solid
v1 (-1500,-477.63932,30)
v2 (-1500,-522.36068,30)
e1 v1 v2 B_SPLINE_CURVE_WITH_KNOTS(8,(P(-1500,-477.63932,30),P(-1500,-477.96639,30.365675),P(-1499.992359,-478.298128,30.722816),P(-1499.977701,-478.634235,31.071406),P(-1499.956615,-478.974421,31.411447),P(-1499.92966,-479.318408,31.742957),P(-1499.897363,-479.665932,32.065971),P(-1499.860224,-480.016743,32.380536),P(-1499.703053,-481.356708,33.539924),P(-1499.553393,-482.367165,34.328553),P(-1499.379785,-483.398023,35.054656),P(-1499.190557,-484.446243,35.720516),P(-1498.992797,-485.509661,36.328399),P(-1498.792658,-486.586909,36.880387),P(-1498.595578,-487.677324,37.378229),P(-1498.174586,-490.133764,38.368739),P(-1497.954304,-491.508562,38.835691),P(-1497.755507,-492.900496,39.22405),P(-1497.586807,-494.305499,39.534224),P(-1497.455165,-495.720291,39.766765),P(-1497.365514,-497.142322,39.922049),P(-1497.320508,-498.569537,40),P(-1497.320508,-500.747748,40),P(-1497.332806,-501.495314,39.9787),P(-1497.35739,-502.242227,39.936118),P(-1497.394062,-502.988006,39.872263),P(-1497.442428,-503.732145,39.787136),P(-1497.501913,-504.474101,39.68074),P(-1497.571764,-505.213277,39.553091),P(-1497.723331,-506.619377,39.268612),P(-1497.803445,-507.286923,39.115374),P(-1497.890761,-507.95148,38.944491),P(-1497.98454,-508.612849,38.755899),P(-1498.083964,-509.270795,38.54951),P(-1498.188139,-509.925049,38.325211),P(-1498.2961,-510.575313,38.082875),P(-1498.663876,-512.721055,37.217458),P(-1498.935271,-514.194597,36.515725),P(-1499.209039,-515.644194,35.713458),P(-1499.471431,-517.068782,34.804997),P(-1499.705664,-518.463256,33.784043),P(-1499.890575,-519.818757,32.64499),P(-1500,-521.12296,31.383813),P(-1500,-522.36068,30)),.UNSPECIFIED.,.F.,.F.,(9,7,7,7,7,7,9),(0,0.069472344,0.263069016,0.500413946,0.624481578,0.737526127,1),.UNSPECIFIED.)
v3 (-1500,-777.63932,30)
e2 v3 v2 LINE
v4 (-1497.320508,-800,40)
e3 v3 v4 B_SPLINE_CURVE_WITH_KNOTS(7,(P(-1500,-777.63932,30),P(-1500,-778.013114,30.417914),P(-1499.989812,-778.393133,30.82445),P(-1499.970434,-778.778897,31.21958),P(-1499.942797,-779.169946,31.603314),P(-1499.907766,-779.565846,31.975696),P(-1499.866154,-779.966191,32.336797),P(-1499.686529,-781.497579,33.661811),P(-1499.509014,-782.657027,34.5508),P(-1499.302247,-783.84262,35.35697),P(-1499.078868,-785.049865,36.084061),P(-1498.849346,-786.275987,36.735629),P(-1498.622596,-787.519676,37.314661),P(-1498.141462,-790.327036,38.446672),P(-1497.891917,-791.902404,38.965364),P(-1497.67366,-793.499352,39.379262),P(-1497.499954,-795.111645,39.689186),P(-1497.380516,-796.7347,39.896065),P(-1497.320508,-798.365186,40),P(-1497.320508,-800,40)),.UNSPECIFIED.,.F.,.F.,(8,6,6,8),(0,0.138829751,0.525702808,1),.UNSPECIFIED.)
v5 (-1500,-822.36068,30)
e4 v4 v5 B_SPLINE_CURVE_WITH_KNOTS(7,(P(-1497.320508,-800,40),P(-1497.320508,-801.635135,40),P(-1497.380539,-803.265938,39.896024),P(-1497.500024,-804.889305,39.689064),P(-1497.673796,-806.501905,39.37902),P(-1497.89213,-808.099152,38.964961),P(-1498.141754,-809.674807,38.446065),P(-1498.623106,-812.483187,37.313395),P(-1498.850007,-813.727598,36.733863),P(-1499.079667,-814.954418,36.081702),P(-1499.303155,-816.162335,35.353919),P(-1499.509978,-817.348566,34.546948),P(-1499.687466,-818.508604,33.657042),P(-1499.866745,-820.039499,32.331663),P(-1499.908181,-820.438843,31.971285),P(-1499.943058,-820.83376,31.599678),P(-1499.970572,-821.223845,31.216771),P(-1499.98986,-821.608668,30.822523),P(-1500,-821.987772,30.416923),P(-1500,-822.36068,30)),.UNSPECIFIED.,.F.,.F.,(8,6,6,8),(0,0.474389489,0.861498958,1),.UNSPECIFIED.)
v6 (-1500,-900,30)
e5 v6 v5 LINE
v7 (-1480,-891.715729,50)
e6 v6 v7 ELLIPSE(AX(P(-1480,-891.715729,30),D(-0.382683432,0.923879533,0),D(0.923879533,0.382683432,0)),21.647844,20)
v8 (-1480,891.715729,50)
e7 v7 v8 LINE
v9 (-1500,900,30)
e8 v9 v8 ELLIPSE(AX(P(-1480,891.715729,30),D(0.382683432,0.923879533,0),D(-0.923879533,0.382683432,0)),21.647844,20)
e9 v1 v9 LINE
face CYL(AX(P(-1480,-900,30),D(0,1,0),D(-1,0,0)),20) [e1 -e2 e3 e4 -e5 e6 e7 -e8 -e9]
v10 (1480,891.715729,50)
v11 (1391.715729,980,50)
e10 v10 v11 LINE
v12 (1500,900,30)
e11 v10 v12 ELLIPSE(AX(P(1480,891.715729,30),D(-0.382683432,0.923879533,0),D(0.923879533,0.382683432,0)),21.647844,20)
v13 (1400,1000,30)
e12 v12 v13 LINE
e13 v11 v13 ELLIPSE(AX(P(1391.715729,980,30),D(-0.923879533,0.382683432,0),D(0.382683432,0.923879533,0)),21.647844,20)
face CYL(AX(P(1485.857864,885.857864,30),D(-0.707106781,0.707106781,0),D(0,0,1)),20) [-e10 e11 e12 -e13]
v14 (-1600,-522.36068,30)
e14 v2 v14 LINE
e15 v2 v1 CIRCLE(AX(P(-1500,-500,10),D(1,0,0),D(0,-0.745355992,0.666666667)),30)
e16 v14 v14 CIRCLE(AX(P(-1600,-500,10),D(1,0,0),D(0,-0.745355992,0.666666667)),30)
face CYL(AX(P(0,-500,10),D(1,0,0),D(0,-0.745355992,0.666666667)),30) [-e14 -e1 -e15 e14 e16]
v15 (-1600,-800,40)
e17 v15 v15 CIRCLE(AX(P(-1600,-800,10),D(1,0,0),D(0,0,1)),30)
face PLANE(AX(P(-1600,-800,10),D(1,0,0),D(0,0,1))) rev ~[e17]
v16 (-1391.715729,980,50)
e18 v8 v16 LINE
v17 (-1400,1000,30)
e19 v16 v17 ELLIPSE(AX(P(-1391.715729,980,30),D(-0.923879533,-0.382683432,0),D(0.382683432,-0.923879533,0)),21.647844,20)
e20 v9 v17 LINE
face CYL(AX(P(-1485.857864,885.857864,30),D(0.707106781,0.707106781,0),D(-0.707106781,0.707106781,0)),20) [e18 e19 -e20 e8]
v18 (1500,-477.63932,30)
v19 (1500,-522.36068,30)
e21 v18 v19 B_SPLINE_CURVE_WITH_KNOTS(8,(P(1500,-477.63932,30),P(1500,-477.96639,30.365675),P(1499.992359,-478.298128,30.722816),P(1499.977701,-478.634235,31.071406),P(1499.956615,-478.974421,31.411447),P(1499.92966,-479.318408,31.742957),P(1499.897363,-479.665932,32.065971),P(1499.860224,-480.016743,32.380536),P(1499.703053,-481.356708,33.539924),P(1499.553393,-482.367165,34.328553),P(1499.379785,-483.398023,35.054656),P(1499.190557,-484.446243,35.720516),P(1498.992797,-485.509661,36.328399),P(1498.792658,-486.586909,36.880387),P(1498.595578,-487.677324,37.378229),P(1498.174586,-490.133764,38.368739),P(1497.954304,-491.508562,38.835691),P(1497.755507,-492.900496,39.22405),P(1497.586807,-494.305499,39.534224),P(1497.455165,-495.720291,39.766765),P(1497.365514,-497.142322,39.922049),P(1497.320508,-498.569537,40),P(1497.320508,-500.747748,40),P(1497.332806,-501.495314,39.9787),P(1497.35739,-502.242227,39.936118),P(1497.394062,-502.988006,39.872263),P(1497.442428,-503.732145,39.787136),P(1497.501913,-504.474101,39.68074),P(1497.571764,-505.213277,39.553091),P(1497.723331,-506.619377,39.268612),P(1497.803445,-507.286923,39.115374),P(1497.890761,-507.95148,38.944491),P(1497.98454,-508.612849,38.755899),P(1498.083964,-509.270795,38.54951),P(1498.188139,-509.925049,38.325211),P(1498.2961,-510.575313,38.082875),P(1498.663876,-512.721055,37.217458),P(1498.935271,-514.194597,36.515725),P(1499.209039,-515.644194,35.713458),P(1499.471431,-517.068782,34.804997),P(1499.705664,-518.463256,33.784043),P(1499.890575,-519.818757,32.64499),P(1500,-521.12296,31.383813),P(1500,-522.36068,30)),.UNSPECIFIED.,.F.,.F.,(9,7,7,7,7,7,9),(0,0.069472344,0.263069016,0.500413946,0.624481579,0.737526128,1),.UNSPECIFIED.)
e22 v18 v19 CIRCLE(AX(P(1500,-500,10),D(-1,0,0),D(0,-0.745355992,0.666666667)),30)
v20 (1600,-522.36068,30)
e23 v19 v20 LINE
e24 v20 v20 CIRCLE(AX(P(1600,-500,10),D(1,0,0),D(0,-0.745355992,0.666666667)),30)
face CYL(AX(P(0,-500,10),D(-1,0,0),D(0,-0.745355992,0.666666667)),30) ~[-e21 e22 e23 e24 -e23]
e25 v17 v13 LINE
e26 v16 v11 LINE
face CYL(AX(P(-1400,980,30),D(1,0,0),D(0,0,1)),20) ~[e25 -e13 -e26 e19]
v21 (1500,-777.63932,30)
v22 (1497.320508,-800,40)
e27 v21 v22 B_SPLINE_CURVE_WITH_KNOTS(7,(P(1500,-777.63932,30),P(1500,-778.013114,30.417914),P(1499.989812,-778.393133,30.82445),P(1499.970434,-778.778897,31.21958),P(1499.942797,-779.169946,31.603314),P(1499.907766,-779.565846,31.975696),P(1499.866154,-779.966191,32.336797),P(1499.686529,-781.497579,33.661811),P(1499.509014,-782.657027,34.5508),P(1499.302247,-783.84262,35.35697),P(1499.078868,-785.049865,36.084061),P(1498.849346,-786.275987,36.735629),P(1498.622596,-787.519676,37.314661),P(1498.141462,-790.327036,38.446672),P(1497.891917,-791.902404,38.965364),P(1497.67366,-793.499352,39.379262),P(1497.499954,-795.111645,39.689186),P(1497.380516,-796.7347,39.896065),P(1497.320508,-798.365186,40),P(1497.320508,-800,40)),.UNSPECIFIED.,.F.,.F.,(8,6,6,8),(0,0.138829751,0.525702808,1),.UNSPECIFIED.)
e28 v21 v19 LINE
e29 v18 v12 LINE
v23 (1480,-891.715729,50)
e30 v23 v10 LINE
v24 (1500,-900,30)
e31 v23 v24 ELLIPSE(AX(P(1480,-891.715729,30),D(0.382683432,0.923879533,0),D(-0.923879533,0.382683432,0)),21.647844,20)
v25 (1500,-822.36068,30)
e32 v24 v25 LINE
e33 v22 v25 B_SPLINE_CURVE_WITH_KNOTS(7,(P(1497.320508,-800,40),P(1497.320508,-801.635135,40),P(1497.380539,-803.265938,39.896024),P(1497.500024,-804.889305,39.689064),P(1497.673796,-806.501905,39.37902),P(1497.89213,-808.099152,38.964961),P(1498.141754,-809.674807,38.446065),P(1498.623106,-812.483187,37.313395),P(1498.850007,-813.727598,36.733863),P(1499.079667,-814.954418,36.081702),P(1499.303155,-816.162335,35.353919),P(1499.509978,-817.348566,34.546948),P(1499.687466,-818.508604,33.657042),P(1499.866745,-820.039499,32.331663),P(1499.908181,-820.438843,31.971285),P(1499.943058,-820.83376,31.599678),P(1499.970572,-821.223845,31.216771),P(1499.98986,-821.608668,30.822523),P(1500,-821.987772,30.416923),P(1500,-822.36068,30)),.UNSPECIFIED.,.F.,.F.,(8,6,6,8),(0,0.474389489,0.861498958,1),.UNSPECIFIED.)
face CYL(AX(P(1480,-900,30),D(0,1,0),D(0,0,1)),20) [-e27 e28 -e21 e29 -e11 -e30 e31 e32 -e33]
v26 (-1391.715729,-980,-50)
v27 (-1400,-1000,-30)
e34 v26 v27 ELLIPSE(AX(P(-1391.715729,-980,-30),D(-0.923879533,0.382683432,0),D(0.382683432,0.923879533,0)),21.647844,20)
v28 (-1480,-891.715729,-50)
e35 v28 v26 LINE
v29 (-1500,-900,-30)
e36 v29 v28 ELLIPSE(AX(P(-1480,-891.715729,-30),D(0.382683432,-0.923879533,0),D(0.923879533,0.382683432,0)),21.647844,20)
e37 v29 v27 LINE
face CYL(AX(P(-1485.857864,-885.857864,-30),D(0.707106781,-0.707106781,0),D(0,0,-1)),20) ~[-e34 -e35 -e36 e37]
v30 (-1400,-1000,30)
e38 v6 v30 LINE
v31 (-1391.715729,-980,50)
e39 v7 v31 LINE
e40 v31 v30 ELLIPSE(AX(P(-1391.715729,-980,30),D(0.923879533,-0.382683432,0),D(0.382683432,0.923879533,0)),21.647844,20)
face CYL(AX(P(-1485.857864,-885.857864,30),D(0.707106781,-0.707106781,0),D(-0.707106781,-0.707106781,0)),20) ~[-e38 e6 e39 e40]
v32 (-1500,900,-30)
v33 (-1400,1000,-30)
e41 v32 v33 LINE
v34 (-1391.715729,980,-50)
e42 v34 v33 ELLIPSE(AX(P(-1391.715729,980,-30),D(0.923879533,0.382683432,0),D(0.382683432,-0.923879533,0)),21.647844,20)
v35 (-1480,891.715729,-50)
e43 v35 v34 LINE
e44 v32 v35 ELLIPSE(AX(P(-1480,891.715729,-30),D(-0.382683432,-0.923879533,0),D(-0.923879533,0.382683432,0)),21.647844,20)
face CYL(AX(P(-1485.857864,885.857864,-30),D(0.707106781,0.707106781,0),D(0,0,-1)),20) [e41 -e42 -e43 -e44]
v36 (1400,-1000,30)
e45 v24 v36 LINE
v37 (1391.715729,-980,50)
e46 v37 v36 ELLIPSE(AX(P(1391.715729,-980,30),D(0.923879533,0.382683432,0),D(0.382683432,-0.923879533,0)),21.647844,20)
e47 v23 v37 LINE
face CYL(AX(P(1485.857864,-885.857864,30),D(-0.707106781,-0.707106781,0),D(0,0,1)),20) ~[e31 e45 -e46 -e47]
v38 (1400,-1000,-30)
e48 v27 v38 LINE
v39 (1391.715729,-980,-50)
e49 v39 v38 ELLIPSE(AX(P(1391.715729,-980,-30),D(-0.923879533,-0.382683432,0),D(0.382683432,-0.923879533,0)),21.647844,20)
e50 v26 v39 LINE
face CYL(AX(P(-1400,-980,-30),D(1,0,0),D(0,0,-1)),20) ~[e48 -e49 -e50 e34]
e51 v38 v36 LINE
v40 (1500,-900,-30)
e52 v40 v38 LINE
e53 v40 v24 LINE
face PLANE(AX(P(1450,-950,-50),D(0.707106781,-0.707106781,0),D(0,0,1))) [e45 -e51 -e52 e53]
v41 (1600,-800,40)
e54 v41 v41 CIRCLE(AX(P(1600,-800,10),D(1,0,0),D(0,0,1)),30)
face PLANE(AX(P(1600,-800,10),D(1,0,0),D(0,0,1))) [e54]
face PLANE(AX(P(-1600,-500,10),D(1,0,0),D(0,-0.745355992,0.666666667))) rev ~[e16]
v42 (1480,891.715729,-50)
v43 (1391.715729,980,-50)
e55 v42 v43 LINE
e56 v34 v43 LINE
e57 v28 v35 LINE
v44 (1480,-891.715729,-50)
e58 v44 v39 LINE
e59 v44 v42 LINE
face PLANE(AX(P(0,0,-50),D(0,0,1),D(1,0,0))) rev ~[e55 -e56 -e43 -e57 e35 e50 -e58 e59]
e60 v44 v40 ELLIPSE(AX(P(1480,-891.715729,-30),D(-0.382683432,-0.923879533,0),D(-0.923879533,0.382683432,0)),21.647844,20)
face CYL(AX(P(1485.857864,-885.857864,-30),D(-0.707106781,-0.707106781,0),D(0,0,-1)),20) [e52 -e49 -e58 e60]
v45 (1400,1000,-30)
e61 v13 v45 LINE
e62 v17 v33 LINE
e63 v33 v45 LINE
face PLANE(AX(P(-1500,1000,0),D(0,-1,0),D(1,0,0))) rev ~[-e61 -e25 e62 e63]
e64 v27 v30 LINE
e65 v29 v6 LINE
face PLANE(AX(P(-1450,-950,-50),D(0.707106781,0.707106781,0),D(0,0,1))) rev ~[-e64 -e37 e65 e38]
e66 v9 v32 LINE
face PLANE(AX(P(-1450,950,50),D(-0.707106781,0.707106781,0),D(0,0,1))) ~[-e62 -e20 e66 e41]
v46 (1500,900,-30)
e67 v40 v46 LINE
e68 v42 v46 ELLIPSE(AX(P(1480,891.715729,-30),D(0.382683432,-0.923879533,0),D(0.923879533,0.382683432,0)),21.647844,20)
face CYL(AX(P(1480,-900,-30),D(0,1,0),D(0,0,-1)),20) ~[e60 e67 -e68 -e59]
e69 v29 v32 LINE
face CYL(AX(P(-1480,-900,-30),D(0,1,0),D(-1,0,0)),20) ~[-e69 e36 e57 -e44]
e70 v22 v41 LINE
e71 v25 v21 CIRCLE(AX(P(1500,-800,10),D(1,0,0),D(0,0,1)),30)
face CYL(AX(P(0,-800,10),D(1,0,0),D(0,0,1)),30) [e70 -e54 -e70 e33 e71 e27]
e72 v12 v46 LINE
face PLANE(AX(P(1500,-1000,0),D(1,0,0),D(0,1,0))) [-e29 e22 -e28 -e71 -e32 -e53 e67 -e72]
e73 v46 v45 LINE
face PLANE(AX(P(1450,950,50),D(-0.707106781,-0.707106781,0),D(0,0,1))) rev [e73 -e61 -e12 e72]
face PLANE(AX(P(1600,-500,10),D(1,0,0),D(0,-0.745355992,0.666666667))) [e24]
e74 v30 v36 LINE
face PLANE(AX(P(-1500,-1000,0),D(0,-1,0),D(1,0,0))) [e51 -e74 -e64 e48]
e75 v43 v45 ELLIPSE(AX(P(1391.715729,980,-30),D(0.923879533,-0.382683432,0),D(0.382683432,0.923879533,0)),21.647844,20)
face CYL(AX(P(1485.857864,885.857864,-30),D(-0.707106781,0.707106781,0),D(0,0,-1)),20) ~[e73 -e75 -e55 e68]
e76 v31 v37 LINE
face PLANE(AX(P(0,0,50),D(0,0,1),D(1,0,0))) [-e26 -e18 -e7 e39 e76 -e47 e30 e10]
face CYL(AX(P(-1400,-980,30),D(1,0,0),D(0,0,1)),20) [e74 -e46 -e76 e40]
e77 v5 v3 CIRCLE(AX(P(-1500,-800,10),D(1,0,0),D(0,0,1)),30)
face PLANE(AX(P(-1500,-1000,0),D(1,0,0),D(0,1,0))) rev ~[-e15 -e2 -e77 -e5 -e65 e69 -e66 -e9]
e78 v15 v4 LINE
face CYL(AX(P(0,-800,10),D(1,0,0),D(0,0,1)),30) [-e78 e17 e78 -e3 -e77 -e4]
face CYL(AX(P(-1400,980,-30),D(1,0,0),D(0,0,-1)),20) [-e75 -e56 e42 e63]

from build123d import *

# Parameters (mm, degrees)
SKETCH1_W           = 3000
SKETCH1_H           = 2000
BOSS_EXTRUDE1_DEPTH = 50
CHAMFER1_SIZE       = 100
FILLET1_R           = 20
SKETCH3_R           = 30
BOSS_EXTRUDE2_DEPTH = 1600


with BuildPart() as part:
    # Sketch1 → Boss-Extrude1 (new, symmetric)
    with BuildSketch(Plane.XY):
        Rectangle(SKETCH1_W, SKETCH1_H)
    extrude(amount=BOSS_EXTRUDE1_DEPTH, both=True)

    # Chamfer1
    chamfer1_edges = [part.edges().sort_by_distance(p)[0] for p in [
        (-1500, 1000, 0),
        (1500, 1000, 0),
        (1500, -1000, 0),
        (-1500, -1000, 0),
    ]]
    chamfer(chamfer1_edges, length=CHAMFER1_SIZE)

    # Fillet1
    fillet1_edges = [part.edges().sort_by_distance(p)[0] for p in [
        (0, -1000, -50),
        (0, -1000, 50),
        (-1500, 0, -50),
        (0, 1000, -50),
        (1500, 0, -50),
        (-1450, 950, -50),
        (1450, 950, -50),
        (1450, -950, -50),
        (-1450, -950, -50),
        (-1500, 0, 50),
        (1500, 0, 50),
        (0, 1000, 50),
        (-1450, 950, 50),
        (1450, 950, 50),
        (1450, -950, 50),
        (-1450, -950, 50),
    ]]
    fillet(fillet1_edges, radius=FILLET1_R)

    # Sketch3 → Boss-Extrude2 (add, symmetric)
    with BuildSketch(Plane(origin=(0, 0, 0), x_dir=(0, 0, -1), z_dir=(1, 0, 0))):
        with Locations(Location((-10, -500, 0), (0, 0, 228.189685104))):
            Circle(SKETCH3_R)
        with Locations(Location((-10, -800, 0), (0, 0, 180))):
            Circle(SKETCH3_R)
    extrude(amount=BOSS_EXTRUDE2_DEPTH, both=True)


solid = part.part
